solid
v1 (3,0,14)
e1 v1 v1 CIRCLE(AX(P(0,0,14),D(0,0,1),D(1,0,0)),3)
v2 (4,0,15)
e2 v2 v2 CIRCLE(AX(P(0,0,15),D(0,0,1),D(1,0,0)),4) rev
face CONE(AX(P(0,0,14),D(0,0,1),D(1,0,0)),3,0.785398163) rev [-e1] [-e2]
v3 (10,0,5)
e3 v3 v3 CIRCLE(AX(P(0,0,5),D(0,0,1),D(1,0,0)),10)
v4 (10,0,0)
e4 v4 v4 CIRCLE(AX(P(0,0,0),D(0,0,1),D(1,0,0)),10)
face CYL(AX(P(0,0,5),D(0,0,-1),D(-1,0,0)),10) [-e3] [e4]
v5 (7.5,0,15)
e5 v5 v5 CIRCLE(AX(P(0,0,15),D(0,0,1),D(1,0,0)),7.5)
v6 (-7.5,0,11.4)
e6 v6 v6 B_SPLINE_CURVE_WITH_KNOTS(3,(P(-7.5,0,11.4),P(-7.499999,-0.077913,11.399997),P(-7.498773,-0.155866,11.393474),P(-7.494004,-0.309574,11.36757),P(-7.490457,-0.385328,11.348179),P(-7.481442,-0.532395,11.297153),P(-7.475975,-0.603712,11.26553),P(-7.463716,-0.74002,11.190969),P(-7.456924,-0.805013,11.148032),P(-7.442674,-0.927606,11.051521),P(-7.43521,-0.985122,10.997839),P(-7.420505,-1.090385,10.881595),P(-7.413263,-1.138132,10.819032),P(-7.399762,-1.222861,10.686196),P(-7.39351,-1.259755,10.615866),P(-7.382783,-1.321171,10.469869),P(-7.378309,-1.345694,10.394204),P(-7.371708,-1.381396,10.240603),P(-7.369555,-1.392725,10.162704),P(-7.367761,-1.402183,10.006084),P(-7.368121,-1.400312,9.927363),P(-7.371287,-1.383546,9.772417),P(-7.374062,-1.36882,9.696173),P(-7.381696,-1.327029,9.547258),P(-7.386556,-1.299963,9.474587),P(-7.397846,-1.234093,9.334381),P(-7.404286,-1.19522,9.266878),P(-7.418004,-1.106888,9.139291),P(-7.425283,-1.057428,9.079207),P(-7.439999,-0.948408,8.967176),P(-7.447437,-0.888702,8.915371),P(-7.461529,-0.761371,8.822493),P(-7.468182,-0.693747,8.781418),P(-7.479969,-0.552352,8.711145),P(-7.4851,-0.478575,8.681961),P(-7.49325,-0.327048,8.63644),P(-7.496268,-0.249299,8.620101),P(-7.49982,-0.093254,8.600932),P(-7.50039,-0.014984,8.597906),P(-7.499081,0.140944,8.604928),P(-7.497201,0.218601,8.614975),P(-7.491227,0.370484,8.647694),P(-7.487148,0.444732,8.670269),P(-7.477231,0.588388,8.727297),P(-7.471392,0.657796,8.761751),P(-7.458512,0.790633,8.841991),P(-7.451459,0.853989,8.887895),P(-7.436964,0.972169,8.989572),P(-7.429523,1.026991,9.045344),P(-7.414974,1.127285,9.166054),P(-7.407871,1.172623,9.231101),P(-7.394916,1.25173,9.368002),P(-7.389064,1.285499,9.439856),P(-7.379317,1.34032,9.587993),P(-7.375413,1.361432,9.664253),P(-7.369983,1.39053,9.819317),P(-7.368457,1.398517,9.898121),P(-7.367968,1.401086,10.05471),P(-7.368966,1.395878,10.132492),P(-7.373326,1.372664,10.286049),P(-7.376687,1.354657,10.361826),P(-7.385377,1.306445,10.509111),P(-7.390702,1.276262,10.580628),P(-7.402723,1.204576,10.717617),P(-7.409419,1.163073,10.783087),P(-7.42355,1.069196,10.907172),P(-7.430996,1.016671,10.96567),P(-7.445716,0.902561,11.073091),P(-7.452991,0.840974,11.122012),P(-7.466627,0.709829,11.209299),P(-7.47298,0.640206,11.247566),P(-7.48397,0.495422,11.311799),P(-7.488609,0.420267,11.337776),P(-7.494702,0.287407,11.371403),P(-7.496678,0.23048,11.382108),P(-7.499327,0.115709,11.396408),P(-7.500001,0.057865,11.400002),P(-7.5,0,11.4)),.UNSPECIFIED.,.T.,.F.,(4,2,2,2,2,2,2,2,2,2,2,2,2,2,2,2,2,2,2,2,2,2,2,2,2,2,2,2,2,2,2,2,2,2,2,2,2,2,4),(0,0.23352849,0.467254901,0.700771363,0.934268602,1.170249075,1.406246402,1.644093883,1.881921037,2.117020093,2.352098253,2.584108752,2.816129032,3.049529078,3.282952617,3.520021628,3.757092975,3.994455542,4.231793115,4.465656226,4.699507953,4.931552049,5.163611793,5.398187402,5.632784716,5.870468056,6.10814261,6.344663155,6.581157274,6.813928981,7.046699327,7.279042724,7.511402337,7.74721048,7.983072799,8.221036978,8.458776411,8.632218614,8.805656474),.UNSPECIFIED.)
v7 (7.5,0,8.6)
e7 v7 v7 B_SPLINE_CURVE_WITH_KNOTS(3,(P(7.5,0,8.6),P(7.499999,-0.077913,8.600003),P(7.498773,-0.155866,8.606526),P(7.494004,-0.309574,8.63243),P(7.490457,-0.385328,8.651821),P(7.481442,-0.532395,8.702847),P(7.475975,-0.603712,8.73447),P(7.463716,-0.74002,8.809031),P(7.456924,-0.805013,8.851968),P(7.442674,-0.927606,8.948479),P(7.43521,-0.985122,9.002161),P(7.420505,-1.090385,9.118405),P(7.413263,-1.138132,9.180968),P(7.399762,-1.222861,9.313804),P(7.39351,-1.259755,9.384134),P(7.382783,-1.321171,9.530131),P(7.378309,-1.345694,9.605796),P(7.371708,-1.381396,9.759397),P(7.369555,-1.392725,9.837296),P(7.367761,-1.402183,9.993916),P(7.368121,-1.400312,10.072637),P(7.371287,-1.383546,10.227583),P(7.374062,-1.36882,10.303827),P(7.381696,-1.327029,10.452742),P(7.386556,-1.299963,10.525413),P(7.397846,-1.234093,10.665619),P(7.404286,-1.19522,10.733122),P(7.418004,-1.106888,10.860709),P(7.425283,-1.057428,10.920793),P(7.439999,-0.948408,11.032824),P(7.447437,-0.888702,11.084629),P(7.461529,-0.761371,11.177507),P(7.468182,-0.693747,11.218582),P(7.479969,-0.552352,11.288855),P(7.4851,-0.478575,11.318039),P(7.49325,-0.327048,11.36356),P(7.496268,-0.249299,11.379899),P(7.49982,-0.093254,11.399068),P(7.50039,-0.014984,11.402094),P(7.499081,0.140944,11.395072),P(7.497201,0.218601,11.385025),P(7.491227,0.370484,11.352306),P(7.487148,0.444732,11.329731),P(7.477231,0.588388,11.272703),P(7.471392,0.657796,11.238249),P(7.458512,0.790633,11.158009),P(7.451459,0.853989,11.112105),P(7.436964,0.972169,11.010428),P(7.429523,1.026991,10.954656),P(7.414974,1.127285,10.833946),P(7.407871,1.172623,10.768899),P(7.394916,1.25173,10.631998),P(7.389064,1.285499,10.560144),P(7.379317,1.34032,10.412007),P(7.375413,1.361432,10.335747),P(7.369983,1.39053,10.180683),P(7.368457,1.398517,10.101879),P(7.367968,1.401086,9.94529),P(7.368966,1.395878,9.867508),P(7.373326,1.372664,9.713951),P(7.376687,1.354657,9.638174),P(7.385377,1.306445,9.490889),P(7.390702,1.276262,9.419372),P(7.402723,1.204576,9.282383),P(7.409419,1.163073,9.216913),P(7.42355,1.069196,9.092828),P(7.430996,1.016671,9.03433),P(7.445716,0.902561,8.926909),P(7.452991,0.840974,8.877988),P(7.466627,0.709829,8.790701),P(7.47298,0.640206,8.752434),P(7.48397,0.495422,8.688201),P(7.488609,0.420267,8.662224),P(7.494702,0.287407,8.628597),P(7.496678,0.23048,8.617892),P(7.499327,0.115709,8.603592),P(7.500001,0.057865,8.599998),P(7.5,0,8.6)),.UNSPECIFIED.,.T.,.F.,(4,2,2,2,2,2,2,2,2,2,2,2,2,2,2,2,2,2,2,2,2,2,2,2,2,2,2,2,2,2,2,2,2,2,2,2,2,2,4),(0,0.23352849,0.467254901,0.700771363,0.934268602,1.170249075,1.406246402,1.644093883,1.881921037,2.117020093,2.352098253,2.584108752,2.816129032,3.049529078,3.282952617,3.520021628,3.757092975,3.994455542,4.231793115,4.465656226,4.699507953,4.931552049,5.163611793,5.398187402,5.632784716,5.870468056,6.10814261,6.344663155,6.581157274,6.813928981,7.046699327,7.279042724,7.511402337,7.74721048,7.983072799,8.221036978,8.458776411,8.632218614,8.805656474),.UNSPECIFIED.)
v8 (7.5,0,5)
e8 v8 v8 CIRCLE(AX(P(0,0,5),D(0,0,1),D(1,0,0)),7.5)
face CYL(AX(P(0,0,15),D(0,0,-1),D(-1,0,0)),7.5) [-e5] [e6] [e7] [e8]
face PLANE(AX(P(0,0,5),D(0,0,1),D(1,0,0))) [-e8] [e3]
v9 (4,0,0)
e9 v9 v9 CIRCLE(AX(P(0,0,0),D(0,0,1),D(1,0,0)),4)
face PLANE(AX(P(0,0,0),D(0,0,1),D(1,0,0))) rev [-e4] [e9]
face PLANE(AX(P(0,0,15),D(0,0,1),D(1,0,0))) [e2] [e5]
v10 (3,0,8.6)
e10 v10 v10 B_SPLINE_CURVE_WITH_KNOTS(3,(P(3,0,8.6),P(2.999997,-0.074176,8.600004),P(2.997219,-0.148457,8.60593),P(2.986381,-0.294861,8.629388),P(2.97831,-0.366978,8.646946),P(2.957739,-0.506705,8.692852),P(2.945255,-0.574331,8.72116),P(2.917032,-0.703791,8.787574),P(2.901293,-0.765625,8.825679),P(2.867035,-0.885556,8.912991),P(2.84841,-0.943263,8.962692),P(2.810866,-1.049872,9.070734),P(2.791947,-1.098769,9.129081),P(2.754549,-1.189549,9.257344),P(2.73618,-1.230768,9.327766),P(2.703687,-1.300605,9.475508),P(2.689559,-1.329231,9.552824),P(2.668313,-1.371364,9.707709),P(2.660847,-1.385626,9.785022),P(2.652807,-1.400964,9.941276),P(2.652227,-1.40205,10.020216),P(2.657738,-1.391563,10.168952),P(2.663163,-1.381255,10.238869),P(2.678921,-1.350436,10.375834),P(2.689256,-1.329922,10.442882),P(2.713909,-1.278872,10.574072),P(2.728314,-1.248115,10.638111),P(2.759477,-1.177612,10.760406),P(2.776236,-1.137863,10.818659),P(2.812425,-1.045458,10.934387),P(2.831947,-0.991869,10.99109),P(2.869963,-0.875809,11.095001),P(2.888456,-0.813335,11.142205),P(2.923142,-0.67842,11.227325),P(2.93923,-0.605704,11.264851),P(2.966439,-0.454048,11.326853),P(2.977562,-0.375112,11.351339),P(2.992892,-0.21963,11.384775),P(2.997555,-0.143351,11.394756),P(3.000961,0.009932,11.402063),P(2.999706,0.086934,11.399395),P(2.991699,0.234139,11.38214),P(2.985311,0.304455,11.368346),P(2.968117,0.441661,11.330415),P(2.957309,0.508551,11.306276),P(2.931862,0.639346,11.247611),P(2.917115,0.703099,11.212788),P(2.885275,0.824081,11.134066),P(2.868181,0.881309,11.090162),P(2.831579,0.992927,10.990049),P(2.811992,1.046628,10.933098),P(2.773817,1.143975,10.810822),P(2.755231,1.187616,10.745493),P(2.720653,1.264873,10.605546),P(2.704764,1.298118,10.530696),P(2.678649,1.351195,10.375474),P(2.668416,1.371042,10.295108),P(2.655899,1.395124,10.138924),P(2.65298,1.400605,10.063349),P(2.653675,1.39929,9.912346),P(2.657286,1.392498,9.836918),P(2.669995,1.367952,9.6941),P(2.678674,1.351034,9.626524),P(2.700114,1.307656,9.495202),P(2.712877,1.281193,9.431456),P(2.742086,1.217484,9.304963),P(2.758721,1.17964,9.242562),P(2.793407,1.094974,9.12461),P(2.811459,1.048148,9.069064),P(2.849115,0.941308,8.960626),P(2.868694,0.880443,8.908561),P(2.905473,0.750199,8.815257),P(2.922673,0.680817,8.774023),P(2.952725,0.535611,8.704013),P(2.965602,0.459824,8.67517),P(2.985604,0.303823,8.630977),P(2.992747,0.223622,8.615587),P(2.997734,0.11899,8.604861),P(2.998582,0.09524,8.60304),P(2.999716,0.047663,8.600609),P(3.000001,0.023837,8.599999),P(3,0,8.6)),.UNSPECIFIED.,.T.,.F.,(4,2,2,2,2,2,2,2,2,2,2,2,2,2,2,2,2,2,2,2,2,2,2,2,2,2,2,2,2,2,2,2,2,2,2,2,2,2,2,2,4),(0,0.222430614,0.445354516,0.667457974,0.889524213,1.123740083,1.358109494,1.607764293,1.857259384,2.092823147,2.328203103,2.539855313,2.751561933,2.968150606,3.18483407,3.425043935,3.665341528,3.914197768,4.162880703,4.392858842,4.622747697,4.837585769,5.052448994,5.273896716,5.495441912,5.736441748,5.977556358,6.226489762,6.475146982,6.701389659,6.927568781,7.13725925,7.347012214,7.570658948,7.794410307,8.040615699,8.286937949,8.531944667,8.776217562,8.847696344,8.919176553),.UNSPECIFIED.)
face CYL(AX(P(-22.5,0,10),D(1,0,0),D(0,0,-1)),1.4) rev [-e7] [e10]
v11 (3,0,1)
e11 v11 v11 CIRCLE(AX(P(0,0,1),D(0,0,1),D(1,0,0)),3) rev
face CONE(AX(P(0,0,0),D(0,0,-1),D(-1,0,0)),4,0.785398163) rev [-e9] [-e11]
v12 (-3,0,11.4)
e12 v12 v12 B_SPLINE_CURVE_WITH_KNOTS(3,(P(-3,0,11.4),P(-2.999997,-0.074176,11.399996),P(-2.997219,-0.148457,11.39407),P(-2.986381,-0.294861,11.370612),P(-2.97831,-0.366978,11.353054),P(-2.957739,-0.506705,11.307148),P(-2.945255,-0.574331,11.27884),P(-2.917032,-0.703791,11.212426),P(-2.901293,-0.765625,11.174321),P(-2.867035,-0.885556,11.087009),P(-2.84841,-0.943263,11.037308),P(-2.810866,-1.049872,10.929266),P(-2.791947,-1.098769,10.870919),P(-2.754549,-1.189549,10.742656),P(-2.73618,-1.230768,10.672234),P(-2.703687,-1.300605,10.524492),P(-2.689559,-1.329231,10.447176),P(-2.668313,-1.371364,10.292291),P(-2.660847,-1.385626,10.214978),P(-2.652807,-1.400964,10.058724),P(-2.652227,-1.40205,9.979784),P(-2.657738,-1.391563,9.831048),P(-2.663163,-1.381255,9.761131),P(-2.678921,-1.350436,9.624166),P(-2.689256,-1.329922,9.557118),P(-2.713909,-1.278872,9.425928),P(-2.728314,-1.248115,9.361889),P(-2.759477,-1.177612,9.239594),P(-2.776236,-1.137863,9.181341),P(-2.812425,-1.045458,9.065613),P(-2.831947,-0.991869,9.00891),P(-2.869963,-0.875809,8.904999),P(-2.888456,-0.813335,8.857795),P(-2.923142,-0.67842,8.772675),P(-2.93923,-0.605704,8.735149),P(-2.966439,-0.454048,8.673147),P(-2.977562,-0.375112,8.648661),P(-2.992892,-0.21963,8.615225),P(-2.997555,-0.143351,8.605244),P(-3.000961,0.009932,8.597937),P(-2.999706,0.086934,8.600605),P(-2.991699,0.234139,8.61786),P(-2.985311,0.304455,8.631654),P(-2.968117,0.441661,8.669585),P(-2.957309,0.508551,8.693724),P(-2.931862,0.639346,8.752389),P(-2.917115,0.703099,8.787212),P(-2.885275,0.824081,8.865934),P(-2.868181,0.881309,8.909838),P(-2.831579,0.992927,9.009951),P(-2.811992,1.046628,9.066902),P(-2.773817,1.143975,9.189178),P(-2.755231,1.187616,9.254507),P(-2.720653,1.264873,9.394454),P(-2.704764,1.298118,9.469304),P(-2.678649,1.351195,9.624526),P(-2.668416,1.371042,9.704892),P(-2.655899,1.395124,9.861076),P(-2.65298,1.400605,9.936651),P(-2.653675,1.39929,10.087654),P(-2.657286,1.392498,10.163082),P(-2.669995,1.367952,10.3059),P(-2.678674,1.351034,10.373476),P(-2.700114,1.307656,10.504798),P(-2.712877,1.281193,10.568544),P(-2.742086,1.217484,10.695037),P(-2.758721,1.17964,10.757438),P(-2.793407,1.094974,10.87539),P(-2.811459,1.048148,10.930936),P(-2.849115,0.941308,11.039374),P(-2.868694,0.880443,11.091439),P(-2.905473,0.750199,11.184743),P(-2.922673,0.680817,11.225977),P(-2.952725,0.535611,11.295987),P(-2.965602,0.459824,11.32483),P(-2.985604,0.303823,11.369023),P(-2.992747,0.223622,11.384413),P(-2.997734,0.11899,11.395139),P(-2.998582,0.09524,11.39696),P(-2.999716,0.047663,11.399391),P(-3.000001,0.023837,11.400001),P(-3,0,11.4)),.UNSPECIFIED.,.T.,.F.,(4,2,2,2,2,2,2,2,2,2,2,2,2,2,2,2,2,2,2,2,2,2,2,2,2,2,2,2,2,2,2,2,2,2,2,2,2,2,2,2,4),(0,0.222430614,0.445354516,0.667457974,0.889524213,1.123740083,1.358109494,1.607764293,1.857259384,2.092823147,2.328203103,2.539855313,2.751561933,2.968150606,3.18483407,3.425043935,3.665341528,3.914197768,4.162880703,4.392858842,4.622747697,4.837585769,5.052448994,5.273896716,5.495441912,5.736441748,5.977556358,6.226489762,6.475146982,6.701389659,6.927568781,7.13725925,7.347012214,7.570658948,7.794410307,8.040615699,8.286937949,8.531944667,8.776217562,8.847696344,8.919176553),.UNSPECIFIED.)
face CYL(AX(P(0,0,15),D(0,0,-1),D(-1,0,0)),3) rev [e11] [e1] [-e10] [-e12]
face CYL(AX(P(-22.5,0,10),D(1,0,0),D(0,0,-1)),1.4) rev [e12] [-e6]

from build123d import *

# Parameters (mm, degrees)
SKETCH_1_R          = 7.5
SKETCH_1_R_2        = 3
EXTRUDE_1_DEPTH     = 15
SKETCH_1_3_R        = 10
SKETCH_1_3_R_2      = 7.5
EXTRUDE_2_DEPTH     = 5
SKETCH_2_R          = 1.4
CUT_EXTRUDE_1_DEPTH = 22.5
CHAMFER_1_SIZE      = 1


with BuildPart() as part:
    # 스케치1 → 보스-돌출1 (new body)
    with BuildSketch(Plane.XY):
        Circle(SKETCH_1_R)
        Circle(SKETCH_1_R_2, mode=Mode.SUBTRACT)
    extrude(amount=EXTRUDE_1_DEPTH)

    # 스케치1<3> → 보스-돌출2 (add)
    with BuildSketch(Plane.XY):
        Circle(SKETCH_1_3_R)
        Circle(SKETCH_1_3_R_2, mode=Mode.SUBTRACT)
    extrude(amount=EXTRUDE_2_DEPTH)

    # 스케치2 → 컷-돌출1 (cut, symmetric)
    with BuildSketch(Plane(origin=(0, 0, 0), x_dir=(0, 0, -1), z_dir=(1, 0, 0))):
        with Locations((-10, 0)):
            Circle(SKETCH_2_R)
    extrude(amount=CUT_EXTRUDE_1_DEPTH, both=True, mode=Mode.SUBTRACT)

    # 모따기1
    chamfer_1_edges = [part.edges().sort_by_distance(p)[0] for p in [
        (-3, 0, 0),
        (-3, 0, 15),
    ]]
    chamfer(chamfer_1_edges, length=CHAMFER_1_SIZE)


solid = part.part
